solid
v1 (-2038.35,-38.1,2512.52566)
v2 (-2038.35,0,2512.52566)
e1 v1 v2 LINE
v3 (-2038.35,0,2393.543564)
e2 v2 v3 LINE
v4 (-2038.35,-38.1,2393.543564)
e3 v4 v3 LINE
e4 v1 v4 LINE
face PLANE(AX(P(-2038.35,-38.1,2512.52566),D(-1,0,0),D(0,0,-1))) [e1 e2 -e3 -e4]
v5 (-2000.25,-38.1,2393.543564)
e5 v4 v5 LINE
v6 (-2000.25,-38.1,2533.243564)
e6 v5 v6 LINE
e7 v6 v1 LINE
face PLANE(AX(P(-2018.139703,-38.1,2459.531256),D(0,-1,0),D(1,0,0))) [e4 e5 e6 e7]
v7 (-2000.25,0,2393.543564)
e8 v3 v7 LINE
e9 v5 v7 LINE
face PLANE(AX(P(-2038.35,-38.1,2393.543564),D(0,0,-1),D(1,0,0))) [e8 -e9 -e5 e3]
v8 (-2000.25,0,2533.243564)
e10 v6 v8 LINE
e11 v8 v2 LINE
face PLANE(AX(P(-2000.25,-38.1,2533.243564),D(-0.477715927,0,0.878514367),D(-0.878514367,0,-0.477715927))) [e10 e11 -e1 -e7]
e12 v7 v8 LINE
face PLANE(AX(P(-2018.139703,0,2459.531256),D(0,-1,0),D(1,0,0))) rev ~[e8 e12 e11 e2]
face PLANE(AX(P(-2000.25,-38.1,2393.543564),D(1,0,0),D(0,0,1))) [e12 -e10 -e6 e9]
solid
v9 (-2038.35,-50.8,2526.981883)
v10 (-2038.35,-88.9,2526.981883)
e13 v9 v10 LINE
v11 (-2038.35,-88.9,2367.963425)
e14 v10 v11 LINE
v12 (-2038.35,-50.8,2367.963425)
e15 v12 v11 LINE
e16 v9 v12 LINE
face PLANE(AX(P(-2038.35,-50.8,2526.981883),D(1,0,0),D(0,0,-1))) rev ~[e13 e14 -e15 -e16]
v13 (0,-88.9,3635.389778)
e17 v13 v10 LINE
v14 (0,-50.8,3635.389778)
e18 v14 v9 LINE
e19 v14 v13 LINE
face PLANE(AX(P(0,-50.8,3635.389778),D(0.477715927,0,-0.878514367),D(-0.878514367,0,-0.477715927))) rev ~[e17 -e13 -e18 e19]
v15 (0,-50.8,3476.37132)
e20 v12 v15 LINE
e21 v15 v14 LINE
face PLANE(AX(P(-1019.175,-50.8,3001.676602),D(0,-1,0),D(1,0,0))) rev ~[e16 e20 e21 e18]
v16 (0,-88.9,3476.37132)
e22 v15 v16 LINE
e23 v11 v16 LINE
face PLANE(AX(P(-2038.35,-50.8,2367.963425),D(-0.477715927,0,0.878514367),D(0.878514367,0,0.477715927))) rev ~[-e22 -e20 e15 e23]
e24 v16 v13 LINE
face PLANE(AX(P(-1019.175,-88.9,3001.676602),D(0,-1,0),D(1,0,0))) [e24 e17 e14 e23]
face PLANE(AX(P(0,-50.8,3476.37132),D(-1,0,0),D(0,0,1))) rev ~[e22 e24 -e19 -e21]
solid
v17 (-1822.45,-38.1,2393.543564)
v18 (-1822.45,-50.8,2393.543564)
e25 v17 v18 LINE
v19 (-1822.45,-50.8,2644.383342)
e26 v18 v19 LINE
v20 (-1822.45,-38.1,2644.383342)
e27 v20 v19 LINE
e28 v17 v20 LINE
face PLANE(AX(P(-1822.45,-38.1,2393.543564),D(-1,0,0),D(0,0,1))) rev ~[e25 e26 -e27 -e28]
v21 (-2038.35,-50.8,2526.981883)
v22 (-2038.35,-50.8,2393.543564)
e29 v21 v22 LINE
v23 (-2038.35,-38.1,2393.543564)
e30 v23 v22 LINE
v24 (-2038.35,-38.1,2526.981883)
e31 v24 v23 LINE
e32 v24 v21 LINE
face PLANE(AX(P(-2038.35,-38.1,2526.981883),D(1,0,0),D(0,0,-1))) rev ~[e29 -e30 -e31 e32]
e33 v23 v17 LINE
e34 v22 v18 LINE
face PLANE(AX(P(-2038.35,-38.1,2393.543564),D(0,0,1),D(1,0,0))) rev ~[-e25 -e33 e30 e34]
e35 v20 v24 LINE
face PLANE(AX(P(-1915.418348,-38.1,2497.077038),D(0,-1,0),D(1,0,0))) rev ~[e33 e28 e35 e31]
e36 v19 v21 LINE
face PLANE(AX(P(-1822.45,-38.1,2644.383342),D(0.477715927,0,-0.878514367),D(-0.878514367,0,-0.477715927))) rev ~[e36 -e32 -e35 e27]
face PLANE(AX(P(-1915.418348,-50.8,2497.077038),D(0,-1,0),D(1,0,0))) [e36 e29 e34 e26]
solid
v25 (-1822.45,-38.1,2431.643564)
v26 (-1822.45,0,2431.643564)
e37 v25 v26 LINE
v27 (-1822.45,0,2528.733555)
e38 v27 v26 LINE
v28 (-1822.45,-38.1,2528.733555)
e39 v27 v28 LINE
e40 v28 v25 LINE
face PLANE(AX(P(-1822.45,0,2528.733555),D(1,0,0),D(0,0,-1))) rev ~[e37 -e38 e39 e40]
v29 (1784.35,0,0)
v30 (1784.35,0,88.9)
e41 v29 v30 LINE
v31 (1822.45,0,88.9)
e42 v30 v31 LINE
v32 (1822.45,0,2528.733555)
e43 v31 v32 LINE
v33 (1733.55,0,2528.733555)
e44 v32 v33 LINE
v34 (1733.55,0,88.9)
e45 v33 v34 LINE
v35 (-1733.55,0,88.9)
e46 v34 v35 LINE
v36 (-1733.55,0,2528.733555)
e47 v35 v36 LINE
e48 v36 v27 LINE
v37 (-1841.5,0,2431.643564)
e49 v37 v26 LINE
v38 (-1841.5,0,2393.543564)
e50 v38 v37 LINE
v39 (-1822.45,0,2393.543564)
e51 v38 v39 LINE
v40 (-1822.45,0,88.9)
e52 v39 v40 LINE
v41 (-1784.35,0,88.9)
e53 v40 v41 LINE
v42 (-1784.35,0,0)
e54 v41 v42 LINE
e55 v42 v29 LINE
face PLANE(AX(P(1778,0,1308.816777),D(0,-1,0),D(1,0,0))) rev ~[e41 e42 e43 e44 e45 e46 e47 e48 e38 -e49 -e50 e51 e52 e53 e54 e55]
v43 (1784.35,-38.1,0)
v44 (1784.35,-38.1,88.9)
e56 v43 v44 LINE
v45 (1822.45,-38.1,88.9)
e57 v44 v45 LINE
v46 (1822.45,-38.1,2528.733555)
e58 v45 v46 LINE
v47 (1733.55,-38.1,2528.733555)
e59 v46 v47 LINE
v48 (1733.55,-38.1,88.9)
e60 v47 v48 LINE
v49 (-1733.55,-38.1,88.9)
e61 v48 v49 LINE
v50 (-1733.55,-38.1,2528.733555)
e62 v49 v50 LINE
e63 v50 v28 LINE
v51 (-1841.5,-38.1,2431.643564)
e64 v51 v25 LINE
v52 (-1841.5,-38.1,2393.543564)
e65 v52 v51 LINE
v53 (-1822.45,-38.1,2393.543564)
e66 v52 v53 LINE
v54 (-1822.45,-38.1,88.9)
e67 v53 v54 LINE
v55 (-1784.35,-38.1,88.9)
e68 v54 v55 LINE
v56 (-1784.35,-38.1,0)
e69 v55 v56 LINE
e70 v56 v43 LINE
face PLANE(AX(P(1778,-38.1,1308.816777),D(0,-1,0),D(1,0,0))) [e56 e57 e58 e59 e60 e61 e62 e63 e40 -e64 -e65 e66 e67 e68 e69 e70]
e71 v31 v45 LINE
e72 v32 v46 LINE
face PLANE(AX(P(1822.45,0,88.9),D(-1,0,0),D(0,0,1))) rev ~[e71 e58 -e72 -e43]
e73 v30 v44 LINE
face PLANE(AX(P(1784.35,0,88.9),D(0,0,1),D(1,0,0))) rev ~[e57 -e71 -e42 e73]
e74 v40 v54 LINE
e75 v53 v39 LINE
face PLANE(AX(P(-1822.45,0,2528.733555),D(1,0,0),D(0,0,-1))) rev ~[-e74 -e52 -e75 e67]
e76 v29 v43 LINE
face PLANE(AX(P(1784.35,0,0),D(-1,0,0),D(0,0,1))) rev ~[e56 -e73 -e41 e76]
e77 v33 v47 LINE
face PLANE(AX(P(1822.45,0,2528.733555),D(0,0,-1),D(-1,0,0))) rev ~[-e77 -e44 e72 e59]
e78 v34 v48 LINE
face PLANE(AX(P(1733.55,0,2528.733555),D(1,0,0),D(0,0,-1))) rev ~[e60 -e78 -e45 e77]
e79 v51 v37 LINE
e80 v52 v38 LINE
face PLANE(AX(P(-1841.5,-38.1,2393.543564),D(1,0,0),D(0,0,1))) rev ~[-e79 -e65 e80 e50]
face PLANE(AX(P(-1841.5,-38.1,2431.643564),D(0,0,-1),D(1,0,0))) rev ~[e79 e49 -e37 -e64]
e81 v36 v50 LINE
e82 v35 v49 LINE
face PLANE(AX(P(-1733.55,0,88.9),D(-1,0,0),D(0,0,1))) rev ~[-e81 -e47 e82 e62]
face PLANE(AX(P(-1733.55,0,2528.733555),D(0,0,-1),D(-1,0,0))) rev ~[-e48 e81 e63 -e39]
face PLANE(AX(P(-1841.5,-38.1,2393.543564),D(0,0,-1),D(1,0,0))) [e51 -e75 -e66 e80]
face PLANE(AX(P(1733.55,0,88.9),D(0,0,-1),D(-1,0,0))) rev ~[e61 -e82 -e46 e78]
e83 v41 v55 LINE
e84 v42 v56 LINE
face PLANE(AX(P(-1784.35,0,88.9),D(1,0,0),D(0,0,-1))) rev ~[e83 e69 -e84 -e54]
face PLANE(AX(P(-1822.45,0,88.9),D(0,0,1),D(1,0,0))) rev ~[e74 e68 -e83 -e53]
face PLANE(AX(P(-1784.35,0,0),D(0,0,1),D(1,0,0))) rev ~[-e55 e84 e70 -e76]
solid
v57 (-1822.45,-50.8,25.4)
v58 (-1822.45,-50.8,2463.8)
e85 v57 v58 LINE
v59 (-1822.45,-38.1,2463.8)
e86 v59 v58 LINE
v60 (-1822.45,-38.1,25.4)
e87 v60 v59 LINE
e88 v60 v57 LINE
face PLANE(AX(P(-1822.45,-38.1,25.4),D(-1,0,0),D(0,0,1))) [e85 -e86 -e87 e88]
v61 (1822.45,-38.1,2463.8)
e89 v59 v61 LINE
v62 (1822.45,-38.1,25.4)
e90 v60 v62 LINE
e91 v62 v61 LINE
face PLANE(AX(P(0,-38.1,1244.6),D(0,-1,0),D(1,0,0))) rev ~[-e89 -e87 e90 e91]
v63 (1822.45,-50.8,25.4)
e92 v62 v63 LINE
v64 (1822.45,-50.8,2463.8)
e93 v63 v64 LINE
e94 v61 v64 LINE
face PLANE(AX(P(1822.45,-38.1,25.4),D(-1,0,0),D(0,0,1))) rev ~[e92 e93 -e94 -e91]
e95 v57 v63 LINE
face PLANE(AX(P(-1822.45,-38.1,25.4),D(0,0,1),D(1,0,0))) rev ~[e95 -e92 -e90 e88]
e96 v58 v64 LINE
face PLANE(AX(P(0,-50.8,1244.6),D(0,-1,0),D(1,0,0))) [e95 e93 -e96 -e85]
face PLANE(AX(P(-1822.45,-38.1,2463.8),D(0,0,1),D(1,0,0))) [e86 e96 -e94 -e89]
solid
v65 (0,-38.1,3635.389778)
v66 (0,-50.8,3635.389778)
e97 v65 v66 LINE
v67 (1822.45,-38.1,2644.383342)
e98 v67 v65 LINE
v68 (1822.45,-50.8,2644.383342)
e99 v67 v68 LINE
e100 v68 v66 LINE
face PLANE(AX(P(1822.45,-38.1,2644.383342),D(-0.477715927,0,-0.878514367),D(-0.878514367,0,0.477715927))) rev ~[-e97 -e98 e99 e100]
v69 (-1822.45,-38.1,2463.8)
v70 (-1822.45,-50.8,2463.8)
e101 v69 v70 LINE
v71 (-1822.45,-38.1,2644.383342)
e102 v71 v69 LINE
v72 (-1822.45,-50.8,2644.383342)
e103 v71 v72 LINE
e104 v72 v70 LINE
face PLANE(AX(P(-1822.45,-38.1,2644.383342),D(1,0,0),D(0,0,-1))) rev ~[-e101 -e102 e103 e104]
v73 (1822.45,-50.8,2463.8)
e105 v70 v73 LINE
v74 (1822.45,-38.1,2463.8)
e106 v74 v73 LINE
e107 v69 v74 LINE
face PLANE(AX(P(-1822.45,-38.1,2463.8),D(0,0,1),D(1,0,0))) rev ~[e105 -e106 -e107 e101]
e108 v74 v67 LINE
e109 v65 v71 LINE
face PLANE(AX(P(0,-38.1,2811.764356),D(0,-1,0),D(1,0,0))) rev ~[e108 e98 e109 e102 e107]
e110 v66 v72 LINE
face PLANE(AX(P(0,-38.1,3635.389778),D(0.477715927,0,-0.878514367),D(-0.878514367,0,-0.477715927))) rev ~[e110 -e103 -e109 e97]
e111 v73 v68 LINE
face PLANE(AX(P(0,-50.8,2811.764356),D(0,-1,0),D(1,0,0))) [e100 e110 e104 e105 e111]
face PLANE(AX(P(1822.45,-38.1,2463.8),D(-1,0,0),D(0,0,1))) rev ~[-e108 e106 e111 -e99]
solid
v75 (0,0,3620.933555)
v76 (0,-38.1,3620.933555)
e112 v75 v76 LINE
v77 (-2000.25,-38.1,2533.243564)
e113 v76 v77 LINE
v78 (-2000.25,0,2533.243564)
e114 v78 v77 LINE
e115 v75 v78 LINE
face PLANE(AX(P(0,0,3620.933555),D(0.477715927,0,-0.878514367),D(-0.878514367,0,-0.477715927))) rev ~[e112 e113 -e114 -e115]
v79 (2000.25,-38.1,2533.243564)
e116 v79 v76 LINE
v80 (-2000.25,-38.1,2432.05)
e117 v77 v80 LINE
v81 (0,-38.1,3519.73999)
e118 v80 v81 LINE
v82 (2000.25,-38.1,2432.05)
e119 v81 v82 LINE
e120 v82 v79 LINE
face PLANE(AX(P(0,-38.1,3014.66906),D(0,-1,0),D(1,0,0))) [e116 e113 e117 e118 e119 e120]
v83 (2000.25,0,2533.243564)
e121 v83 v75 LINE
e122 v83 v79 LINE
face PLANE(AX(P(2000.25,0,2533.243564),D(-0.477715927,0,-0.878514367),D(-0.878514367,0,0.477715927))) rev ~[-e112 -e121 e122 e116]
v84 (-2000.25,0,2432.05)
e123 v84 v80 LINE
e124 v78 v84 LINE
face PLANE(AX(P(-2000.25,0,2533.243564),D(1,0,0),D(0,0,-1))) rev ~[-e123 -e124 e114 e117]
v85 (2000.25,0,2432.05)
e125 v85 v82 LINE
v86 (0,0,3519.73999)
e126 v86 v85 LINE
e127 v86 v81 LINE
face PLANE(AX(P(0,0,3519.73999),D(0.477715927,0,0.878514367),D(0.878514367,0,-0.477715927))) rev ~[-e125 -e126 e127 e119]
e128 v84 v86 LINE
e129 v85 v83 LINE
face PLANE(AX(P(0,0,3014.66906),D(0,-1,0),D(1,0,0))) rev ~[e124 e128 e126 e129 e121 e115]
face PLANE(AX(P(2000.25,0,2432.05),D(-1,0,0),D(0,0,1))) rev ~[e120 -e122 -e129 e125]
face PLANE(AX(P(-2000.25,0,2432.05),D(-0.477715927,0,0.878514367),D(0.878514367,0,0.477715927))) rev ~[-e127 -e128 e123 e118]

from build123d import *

# Parameters (mm, degrees)
F1_DEPTH  = 38.1
F2_W      = 3644.9
F2_H      = 2438.4
F3_DEPTH  = 12.7
F5_DEPTH  = 12.7
F7_DEPTH  = 38.1
F8_W      = 19.05
F8_H      = 38.1
F9_DEPTH  = 38.1
F11_DEPTH = 38.1
F13_DEPTH = 12.7


with BuildPart() as f1:
    # F0 (on Front) → F1 (new body)
    with BuildSketch(Plane.XZ):
        Polygon((-2000.25, 2432.05), (-1822.45, 2528.733554711), (0, 3519.7399904992), (1822.45, 2528.733554711), (2000.25, 2432.05), (2000.25, 2533.2435642118), (0, 3620.933554711), (-2000.25, 2533.2435642118), align=None)
    extrude(amount=F1_DEPTH)


with BuildPart() as f1b:
    # F0 (on Front) → F1, piece 2 (new body)
    with BuildSketch(Plane.XZ):
        Polygon((1733.55, 88.9), (1784.35, 88.9), (1822.45, 88.9), (1822.45, 2528.733554711), (1733.55, 2528.733554711), align=None)
        Polygon((-1822.45, 88.9), (-1784.35, 88.9), (-1733.55, 88.9), (-1733.55, 2528.733554711), (-1822.45, 2528.733554711), align=None)
        Polygon((-1784.35, 88.9), (-1784.35, 0), (1784.35, 0), (1784.35, 88.9), (1733.55, 88.9), (-1733.55, 88.9), align=None)
    extrude(amount=F1_DEPTH)

    # F8 (on face) → F9 (join)
    with BuildSketch(Plane.XZ.offset(38.1)):
        with Locations((-1831.975, 2412.5935642118)):
            Rectangle(F8_W, F8_H)
    extrude(amount=-F9_DEPTH)


with BuildPart() as f3:
    # F2 (on face) → F3 (new body)
    with BuildSketch(Plane.XZ.offset(38.1)):
        with Locations((0, 1244.6)):
            Rectangle(F2_W, F2_H)
    extrude(amount=F3_DEPTH)


with BuildPart() as f5:
    # F4 (on face) → F5 (new body)
    with BuildSketch(Plane.XZ.offset(38.1)):
        Polygon((-1822.45, 2644.3833423817), (-1822.45, 2463.8), (1822.45, 2463.8), (1822.45, 2644.3833423817), (0, 3635.3897781699), align=None)
    extrude(amount=F5_DEPTH)


with BuildPart() as f7:
    # F6 (on face) → F7 (new body)
    with BuildSketch(Plane.XZ.offset(38.1)):
        Polygon((-2000.25, 2393.5435642118), (-2000.25, 2533.2435642118), (-2038.35, 2512.5256596309), (-2038.35, 2393.5435642118), align=None)
    extrude(amount=-F7_DEPTH)


with BuildPart() as f11:
    # F10 (on face) → F11 (new body)
    with BuildSketch(Plane.XZ.offset(50.8)):
        Polygon((0, 3476.3713201227), (0, 3635.3897781699), (-2038.35, 2526.9818830897), (-2038.35, 2367.9634250426), align=None)
    extrude(amount=F11_DEPTH)


with BuildPart() as f13:
    # F12 (on face) → F13 (new body)
    with BuildSketch(Plane.XZ.offset(38.1)):
        Polygon((-1822.45, 2644.3833423817), (-2038.35, 2526.9818830897), (-2038.35, 2393.5435642118), (-1822.45, 2393.5435642118), align=None)
    extrude(amount=F13_DEPTH)


solid = Compound([f1.part, f1b.part, f3.part, f5.part, f7.part, f11.part, f13.part])
